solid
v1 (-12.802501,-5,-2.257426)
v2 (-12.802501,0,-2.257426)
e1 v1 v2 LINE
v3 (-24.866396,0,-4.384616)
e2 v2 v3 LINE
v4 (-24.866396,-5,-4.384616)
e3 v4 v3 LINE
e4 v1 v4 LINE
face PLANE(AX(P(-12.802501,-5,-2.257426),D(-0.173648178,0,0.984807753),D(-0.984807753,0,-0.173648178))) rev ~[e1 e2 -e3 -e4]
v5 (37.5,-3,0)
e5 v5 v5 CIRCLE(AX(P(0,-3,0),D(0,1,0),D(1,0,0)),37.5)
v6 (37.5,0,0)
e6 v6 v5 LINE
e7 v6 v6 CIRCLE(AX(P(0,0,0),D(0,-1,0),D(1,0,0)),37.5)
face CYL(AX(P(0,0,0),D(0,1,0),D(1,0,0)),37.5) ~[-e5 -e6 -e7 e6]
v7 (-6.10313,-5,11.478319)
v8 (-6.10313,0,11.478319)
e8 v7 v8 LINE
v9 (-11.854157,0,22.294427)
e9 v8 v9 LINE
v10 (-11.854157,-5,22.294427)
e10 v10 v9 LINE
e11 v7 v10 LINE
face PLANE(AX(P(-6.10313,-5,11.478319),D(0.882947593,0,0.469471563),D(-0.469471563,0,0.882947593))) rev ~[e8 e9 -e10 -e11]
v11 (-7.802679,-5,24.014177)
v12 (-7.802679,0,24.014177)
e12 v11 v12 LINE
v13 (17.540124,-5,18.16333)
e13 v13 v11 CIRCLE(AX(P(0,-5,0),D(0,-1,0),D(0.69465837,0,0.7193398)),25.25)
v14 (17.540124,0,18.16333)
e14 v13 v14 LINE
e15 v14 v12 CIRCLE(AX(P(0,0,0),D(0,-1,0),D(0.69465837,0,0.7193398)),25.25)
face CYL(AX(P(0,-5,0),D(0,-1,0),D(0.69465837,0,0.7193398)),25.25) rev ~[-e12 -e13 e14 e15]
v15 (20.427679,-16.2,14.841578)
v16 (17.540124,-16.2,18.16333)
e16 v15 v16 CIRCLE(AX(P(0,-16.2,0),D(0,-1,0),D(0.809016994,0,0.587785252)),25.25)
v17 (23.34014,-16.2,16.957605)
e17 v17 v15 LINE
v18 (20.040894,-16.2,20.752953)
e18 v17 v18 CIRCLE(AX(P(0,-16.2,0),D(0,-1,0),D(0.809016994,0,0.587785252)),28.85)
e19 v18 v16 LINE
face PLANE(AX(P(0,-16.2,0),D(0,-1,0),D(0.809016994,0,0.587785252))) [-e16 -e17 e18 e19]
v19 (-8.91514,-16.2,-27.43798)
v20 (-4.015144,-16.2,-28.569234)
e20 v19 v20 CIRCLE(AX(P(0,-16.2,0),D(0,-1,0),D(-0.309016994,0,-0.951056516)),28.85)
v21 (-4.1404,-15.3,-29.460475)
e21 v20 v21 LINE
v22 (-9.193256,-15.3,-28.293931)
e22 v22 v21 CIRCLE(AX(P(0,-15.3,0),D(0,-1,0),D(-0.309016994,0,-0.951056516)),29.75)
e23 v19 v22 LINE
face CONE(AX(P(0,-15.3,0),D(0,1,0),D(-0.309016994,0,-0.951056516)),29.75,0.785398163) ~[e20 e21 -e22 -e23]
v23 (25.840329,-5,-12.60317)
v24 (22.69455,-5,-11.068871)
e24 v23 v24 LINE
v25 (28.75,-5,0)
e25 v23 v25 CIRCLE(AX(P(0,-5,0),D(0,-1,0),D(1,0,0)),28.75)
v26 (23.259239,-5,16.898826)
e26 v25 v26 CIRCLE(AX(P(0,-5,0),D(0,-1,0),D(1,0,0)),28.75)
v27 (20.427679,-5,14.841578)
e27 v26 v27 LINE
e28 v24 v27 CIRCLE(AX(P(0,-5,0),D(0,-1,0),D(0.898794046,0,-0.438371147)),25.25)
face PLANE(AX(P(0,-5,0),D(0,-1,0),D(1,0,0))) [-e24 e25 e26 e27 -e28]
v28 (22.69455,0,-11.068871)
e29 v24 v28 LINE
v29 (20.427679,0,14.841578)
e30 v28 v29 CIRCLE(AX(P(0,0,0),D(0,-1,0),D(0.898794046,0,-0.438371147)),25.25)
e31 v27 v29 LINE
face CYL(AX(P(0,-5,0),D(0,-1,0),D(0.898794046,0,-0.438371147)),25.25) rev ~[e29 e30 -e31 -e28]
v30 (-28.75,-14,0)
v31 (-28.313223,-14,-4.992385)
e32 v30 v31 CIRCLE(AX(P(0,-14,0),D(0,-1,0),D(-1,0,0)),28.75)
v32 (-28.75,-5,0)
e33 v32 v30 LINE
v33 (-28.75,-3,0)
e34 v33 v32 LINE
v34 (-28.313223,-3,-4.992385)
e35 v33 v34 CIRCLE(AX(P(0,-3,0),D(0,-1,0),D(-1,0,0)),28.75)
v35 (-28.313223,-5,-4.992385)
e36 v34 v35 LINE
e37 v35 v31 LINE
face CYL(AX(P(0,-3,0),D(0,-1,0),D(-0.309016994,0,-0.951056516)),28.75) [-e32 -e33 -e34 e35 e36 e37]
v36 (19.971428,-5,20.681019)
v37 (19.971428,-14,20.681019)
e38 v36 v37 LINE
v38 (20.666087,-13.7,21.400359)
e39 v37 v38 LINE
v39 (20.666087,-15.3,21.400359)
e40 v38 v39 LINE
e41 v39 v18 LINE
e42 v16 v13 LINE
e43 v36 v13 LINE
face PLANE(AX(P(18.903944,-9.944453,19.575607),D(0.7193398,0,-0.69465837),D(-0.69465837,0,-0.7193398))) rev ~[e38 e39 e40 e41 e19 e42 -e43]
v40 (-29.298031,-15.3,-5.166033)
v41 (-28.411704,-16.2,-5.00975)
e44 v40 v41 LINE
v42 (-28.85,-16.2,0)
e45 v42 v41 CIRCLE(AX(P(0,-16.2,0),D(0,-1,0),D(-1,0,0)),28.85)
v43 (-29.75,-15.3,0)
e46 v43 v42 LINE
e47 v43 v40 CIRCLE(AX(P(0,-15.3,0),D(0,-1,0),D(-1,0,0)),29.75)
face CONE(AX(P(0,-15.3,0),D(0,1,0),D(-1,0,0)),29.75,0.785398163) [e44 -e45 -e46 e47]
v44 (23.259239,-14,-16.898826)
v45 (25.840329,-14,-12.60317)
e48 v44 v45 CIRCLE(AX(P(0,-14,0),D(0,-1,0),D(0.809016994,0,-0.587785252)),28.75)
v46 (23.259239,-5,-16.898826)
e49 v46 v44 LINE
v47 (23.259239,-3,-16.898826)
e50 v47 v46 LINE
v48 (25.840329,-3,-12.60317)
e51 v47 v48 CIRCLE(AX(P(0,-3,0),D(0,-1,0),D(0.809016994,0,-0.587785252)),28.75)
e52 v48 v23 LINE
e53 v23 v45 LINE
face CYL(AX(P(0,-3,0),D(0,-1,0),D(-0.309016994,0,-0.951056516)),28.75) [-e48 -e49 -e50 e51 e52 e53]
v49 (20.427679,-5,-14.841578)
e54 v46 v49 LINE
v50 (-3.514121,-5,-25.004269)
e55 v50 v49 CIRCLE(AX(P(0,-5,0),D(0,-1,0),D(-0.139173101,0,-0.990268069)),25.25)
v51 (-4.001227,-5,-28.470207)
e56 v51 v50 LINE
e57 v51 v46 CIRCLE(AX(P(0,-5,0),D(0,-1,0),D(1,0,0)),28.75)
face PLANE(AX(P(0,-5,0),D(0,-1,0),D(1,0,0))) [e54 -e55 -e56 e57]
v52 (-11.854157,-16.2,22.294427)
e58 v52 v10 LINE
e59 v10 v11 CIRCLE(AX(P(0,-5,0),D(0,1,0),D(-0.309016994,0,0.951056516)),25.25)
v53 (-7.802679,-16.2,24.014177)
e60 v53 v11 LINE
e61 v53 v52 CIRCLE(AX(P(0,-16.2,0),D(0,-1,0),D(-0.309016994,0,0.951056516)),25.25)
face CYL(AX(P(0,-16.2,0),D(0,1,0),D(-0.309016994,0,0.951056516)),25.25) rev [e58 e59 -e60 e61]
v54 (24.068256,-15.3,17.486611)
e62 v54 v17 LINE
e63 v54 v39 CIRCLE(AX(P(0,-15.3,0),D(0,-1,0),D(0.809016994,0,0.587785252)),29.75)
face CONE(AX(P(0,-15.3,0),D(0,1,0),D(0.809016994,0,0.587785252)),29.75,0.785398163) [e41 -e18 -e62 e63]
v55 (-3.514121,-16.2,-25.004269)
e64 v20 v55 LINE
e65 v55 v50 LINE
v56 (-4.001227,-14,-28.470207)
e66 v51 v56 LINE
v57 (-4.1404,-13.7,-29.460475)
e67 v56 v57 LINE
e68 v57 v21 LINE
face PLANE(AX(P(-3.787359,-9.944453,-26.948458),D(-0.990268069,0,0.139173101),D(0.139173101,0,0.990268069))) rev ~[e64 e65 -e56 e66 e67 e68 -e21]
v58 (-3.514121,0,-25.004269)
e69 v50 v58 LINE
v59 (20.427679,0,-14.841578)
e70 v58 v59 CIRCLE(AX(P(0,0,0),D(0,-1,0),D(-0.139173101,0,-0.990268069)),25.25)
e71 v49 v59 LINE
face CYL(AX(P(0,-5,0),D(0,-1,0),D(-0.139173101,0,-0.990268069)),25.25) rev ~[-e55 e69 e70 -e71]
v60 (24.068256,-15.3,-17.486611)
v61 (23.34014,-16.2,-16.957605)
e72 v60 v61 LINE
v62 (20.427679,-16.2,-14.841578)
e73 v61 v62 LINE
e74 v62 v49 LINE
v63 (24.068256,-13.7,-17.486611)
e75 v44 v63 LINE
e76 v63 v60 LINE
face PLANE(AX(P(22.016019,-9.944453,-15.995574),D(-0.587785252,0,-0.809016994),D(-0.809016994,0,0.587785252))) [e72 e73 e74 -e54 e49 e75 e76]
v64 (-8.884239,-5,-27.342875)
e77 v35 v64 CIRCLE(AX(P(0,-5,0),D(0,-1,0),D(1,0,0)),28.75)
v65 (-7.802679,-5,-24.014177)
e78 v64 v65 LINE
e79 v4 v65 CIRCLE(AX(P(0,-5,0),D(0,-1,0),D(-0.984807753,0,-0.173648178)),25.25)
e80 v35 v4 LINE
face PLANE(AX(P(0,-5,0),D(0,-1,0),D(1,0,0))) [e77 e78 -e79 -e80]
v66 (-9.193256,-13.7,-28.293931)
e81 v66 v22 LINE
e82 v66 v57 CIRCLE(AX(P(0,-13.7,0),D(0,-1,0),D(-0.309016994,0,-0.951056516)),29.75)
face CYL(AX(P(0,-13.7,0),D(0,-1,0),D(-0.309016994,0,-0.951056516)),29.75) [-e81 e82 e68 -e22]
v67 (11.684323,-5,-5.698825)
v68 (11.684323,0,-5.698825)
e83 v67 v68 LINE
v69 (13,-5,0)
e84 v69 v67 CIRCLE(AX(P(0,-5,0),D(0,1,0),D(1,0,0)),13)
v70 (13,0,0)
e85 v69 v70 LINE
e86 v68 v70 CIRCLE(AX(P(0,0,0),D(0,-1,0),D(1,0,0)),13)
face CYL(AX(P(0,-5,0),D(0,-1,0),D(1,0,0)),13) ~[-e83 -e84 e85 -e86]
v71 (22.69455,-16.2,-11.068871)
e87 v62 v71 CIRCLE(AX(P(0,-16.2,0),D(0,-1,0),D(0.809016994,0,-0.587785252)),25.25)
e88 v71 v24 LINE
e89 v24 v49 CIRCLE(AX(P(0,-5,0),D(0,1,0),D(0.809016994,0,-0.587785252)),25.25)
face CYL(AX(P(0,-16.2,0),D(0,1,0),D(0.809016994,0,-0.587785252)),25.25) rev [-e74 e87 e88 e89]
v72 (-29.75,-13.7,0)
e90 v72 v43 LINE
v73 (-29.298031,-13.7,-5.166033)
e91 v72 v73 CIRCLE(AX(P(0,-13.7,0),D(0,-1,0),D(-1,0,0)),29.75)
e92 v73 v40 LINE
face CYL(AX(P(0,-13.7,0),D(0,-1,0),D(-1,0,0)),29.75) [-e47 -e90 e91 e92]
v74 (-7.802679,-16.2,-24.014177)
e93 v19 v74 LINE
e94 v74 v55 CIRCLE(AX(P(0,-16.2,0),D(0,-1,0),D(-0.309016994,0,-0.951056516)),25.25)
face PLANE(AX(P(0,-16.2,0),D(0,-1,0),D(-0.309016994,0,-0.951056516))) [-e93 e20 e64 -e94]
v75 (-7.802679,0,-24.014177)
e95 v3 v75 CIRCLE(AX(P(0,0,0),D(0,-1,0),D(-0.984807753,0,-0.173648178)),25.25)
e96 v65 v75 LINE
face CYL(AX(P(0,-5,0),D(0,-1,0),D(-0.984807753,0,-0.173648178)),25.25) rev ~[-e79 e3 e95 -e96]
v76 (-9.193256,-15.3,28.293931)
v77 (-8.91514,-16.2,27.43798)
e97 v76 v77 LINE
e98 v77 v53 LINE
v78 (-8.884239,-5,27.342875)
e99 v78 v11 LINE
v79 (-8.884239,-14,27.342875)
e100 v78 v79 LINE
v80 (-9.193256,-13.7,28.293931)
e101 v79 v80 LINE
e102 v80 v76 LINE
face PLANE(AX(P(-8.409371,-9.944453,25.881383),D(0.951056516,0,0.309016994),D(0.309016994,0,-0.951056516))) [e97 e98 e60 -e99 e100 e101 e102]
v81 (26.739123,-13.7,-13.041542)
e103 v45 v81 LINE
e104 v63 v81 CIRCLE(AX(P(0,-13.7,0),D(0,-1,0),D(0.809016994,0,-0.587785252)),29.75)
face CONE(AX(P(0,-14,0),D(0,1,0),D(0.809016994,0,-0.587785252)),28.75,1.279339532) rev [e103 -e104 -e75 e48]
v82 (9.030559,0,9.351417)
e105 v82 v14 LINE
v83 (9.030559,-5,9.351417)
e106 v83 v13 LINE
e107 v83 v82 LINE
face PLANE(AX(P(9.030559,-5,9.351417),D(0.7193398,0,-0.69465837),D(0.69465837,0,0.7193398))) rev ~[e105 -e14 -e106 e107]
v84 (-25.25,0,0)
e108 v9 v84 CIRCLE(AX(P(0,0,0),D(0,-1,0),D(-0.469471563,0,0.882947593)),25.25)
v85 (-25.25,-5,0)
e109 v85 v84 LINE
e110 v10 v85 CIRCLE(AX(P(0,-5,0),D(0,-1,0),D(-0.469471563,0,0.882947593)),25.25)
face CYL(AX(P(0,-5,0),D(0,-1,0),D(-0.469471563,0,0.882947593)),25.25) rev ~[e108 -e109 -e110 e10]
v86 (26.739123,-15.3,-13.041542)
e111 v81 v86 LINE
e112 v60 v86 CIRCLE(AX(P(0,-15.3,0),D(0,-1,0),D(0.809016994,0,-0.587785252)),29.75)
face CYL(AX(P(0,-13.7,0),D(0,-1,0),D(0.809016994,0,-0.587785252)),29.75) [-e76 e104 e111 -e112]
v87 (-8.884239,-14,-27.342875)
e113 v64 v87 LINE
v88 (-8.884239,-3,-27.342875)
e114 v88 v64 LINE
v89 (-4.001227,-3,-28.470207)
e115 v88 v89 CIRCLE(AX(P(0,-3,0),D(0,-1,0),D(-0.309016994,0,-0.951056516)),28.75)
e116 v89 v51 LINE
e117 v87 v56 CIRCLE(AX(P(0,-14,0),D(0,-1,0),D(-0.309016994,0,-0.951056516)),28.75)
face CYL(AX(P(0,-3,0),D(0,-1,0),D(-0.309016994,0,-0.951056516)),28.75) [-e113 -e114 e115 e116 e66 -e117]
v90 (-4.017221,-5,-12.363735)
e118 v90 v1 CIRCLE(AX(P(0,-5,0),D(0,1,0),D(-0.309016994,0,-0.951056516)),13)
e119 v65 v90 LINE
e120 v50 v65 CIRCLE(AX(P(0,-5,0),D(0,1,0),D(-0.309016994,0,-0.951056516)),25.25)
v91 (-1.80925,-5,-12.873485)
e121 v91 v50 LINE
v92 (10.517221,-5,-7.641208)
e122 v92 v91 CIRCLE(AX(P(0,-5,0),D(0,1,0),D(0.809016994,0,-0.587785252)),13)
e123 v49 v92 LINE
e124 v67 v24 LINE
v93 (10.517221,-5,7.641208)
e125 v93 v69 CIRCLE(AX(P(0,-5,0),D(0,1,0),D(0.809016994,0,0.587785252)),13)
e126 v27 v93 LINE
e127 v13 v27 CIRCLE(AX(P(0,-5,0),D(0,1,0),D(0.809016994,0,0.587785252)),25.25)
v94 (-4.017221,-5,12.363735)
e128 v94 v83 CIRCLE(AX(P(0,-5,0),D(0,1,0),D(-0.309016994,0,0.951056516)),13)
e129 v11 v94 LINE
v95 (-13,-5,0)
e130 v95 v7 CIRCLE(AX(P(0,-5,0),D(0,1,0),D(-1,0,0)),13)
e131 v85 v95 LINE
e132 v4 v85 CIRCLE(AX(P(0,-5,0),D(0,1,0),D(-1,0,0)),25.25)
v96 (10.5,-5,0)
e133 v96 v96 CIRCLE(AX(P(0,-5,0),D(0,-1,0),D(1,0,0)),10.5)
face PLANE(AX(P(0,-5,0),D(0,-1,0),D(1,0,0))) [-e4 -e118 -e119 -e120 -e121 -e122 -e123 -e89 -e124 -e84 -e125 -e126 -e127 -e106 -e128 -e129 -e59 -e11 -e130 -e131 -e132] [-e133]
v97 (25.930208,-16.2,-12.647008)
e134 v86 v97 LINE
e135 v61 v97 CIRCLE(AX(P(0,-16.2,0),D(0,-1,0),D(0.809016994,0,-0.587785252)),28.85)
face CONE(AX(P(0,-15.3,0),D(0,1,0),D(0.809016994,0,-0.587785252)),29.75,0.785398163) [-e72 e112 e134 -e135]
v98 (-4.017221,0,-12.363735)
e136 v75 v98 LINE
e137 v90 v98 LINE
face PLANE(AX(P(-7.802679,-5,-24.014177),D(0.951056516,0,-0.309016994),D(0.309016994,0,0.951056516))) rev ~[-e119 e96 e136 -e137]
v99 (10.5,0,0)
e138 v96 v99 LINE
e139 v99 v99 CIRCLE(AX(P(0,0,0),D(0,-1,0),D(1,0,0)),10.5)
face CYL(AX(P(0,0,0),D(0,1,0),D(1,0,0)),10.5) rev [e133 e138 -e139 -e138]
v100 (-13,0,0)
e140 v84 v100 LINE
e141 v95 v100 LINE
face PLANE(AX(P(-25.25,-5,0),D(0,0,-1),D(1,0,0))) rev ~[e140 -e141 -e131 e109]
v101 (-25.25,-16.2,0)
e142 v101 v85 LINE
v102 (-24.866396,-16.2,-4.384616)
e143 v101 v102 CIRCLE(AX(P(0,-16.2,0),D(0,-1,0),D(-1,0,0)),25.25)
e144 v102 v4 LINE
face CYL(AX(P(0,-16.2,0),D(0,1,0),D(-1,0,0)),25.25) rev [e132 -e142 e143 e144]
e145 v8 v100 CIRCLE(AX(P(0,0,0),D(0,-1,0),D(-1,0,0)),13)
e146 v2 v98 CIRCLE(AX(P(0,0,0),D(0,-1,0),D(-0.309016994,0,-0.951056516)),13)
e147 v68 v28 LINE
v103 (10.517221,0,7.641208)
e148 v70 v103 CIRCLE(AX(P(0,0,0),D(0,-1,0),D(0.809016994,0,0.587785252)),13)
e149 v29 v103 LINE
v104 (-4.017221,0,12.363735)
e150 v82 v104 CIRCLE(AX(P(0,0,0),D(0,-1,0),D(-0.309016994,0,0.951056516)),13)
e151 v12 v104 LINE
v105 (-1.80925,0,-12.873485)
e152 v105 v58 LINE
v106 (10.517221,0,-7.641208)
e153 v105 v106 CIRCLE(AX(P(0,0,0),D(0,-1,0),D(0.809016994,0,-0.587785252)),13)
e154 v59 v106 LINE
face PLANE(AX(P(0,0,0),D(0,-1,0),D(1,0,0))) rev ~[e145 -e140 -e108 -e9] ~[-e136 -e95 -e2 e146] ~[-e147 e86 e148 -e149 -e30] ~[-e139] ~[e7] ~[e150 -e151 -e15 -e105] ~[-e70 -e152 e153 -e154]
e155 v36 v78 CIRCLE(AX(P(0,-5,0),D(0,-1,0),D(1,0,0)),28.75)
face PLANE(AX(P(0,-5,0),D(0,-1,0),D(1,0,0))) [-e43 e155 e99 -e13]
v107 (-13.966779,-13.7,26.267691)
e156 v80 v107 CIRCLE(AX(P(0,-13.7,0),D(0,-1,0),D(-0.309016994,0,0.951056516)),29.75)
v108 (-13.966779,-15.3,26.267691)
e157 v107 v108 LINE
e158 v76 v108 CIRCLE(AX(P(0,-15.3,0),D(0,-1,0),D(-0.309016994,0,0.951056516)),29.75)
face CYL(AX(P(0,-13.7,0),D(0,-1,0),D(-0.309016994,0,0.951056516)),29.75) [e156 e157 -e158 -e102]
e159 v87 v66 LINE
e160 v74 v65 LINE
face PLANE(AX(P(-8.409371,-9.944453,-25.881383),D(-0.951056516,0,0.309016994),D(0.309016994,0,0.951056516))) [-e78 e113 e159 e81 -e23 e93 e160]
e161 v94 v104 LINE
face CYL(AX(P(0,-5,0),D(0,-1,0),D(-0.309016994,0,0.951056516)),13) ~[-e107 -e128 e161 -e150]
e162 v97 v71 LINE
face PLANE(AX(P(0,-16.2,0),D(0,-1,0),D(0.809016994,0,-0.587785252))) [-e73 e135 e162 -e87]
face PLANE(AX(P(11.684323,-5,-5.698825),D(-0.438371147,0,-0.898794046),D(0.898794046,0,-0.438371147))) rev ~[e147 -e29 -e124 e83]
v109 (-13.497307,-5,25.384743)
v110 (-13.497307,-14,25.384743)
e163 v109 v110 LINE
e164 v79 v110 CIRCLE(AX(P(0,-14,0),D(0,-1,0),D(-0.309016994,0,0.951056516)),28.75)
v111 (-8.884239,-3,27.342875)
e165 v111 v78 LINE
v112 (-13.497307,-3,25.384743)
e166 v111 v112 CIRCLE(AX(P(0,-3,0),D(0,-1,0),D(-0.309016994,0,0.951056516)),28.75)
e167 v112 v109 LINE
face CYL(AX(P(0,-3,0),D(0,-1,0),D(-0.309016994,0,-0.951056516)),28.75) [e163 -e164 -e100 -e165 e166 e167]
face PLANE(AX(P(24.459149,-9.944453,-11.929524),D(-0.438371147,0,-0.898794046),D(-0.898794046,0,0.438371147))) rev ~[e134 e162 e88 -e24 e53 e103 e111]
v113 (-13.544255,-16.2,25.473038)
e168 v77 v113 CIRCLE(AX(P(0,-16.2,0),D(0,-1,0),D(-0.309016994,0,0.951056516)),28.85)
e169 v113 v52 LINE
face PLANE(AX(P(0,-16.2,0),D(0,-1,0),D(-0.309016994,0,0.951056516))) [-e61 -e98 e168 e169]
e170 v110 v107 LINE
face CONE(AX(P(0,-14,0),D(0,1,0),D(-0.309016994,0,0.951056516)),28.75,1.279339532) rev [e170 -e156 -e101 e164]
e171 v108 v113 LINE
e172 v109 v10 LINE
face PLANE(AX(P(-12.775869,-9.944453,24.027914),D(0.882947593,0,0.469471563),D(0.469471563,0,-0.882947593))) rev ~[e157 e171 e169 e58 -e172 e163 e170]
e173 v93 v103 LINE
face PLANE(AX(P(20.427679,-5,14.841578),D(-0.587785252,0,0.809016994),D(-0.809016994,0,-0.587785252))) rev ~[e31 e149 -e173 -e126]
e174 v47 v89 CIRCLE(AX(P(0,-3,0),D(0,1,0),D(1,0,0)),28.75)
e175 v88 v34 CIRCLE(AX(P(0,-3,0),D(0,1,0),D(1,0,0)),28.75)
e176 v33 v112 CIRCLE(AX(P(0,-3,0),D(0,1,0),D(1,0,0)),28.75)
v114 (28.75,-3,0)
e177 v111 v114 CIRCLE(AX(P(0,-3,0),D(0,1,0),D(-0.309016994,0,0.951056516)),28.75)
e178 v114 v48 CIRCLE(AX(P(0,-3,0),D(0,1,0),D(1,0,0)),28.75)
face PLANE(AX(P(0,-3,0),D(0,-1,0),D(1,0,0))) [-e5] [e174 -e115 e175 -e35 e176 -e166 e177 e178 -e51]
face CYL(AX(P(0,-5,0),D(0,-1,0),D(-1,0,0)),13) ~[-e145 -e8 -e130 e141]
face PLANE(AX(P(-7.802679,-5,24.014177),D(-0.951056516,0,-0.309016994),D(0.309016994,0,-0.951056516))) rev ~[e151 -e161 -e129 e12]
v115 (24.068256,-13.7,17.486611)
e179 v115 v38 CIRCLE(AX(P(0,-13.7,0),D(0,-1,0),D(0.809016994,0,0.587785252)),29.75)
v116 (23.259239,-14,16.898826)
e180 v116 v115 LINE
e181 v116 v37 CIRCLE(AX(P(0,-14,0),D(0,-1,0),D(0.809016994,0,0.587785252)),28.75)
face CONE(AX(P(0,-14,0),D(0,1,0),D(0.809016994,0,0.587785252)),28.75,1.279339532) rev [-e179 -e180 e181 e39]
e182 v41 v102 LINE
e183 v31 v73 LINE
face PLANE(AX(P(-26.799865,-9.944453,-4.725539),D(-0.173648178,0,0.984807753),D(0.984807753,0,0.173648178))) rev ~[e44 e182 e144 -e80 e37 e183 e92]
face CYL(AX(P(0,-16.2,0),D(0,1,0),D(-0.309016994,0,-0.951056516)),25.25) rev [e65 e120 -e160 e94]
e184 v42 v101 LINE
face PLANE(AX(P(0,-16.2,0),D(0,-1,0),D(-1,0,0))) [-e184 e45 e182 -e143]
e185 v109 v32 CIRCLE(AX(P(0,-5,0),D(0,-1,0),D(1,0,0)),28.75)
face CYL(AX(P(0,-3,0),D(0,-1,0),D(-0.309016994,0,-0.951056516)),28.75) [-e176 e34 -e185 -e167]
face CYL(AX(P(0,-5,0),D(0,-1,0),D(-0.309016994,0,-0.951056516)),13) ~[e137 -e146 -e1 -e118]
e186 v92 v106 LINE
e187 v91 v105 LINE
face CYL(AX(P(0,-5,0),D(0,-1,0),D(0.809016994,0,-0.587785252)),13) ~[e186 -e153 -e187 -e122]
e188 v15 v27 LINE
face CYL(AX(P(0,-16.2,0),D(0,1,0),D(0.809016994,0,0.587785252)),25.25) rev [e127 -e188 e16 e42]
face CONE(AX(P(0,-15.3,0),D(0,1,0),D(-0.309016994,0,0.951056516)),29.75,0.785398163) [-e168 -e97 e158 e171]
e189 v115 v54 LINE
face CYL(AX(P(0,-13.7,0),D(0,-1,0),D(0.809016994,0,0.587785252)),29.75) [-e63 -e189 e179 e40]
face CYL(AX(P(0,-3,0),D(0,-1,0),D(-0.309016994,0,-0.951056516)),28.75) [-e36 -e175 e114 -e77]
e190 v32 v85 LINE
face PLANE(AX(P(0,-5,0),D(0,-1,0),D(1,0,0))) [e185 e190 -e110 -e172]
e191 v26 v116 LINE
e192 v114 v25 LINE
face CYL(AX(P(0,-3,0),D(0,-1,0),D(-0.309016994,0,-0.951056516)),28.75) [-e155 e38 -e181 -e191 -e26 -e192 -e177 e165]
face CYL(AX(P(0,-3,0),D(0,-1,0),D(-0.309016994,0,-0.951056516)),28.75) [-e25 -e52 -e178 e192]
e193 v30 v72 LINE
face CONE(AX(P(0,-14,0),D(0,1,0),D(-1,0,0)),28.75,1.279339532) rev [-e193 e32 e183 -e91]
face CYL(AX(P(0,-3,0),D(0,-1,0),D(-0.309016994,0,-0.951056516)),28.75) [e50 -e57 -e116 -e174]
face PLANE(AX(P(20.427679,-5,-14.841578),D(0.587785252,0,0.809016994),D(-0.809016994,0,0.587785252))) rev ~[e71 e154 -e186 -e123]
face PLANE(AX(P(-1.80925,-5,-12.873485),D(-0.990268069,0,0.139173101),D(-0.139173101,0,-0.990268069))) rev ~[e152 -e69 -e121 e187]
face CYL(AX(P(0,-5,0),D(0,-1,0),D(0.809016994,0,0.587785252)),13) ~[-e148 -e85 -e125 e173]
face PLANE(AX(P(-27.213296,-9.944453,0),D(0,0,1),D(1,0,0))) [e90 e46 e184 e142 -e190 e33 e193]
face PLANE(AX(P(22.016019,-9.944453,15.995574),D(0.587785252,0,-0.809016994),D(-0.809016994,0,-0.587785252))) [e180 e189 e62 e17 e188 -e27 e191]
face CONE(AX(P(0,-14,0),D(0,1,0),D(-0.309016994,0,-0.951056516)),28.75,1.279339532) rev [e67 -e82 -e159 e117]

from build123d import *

# Parameters (mm, degrees)
F0_R     = 37.5
F0_R_2   = 28.75
F0_R_3   = 10.5
F1_DEPTH = 3
F3_ANGLE = 10
F4_COUNT = 5
F5_DEPTH = 5
F6_SIZE  = 0.9
F8_DEPTH = 25


with BuildPart() as f1:
    # F0 (on Front) → F1 (new body)
    with BuildSketch(Plane.XZ):
        Circle(F0_R)
        Circle(F0_R_2, mode=Mode.SUBTRACT)
        Circle(F0_R_2)
        Circle(F0_R_3, mode=Mode.SUBTRACT)
    extrude(amount=F1_DEPTH)

    # F2 (on Top) → F3 (revolve)
    with BuildSketch(Plane.XY):
        Polygon((-25.25, -16.2), (-25.25, -3), (-28.75, -3), (-28.75, -14), (-29.75, -13.7), (-29.75, -16.2), align=None)
    revolve(axis=Axis((0, 0, 0), (0, -1, 0)), revolution_arc=F3_ANGLE)

    # F4: F1 ×5 about axis
    f4_axis = Axis((0, 0, 0), (0, -1, 0))


with BuildPart() as f1_1:
    add(f1.part)
    for i in range(1, F4_COUNT):
        add(f1.part.rotate(f4_axis, i * 360 / F4_COUNT))

    # F0 (on Front) → F5 (join)
    with BuildSketch(Plane.XZ):
        Circle(F0_R_2)
        Circle(F0_R_3, mode=Mode.SUBTRACT)
    extrude(amount=F5_DEPTH)

    # F6
    f6_edges = [f1_1.edges().sort_by_distance(p)[0] for p in [
        (-29.636792, -16.2, -2.592883),
        (-6.692294, -16.2, -28.987509),
        (25.500727, -16.2, -15.322383),
        (22.45261, -16.2, 19.517756),
        (-11.624251, -16.2, 27.385019),
    ]]
    chamfer(f6_edges, length=F6_SIZE)

    # F7 (on face) → F8 (cut)
    with BuildSketch(Plane.XZ.offset(5)):
        with BuildLine():
            ThreePointArc((-13, 0), (-11.1431749091, 6.6954949738), (-6.1031303162, 11.4783187072))
            Line((-6.1031303162, 11.4783187072), (-11.8541569603, 22.2944267197))
            ThreePointArc((-11.8541569603, 22.2944267197), (-21.6434743427, 13.0047113915), (-25.25, 0))
            Line((-25.25, 0), (-13, 0))
        make_face()
        with BuildLine():
            Line((-7.802679108, -24.0141770365), (-4.0172209269, -12.3637347118))
            ThreePointArc((-4.0172209269, -12.3637347118), (-9.8112245429, -8.5287673769), (-12.8025007892, -2.2574263097))
            Line((-12.8025007892, -2.2574263097), (-24.8663957636, -4.3846164861))
            ThreePointArc((-24.8663957636, -4.3846164861), (-19.0564169006, -16.565490482), (-7.802679108, -24.0141770365))
        make_face()
        with BuildLine():
            Line((20.427679108, -14.8415776204), (10.5172209269, -7.6412082798))
            ThreePointArc((10.5172209269, -7.6412082798), (5.0795046704, -11.9665630949), (-1.8092503125, -12.8734848936))
            Line((-1.8092503125, -12.8734848936), (-3.5141207992, -25.0042687357))
            ThreePointArc((-3.5141207992, -25.0042687357), (9.8659609944, -23.2427475497), (20.427679108, -14.8415776204))
        make_face()
        with BuildLine():
            ThreePointArc((10.5172209269, 7.6412082798), (12.3637347118, 4.0172209269), (13, 0))
            ThreePointArc((13, 0), (12.6668108422, -2.9243637065), (11.6843226019, -5.6988249083))
            Line((11.6843226019, -5.6988249083), (22.6945496691, -11.0688714564))
            ThreePointArc((22.6945496691, -11.0688714564), (24.6028441358, -5.6800141222), (25.25, 0))
            ThreePointArc((25.25, 0), (24.0141770365, 7.802679108), (20.427679108, 14.8415776204))
            Line((20.427679108, 14.8415776204), (10.5172209269, 7.6412082798))
        make_face()
        with BuildLine():
            ThreePointArc((-4.0172209269, 12.3637347118), (2.9243637065, 12.6668108422), (9.030558816, 9.3514174044))
            Line((9.030558816, 9.3514174044), (17.5401238541, 18.1633299586))
            ThreePointArc((17.5401238541, 18.1633299586), (5.6800141222, 24.6028441358), (-7.802679108, 24.0141770365))
            Line((-7.802679108, 24.0141770365), (-4.0172209269, 12.3637347118))
        make_face()
    extrude(amount=-F8_DEPTH, mode=Mode.SUBTRACT)


solid = f1_1.part
